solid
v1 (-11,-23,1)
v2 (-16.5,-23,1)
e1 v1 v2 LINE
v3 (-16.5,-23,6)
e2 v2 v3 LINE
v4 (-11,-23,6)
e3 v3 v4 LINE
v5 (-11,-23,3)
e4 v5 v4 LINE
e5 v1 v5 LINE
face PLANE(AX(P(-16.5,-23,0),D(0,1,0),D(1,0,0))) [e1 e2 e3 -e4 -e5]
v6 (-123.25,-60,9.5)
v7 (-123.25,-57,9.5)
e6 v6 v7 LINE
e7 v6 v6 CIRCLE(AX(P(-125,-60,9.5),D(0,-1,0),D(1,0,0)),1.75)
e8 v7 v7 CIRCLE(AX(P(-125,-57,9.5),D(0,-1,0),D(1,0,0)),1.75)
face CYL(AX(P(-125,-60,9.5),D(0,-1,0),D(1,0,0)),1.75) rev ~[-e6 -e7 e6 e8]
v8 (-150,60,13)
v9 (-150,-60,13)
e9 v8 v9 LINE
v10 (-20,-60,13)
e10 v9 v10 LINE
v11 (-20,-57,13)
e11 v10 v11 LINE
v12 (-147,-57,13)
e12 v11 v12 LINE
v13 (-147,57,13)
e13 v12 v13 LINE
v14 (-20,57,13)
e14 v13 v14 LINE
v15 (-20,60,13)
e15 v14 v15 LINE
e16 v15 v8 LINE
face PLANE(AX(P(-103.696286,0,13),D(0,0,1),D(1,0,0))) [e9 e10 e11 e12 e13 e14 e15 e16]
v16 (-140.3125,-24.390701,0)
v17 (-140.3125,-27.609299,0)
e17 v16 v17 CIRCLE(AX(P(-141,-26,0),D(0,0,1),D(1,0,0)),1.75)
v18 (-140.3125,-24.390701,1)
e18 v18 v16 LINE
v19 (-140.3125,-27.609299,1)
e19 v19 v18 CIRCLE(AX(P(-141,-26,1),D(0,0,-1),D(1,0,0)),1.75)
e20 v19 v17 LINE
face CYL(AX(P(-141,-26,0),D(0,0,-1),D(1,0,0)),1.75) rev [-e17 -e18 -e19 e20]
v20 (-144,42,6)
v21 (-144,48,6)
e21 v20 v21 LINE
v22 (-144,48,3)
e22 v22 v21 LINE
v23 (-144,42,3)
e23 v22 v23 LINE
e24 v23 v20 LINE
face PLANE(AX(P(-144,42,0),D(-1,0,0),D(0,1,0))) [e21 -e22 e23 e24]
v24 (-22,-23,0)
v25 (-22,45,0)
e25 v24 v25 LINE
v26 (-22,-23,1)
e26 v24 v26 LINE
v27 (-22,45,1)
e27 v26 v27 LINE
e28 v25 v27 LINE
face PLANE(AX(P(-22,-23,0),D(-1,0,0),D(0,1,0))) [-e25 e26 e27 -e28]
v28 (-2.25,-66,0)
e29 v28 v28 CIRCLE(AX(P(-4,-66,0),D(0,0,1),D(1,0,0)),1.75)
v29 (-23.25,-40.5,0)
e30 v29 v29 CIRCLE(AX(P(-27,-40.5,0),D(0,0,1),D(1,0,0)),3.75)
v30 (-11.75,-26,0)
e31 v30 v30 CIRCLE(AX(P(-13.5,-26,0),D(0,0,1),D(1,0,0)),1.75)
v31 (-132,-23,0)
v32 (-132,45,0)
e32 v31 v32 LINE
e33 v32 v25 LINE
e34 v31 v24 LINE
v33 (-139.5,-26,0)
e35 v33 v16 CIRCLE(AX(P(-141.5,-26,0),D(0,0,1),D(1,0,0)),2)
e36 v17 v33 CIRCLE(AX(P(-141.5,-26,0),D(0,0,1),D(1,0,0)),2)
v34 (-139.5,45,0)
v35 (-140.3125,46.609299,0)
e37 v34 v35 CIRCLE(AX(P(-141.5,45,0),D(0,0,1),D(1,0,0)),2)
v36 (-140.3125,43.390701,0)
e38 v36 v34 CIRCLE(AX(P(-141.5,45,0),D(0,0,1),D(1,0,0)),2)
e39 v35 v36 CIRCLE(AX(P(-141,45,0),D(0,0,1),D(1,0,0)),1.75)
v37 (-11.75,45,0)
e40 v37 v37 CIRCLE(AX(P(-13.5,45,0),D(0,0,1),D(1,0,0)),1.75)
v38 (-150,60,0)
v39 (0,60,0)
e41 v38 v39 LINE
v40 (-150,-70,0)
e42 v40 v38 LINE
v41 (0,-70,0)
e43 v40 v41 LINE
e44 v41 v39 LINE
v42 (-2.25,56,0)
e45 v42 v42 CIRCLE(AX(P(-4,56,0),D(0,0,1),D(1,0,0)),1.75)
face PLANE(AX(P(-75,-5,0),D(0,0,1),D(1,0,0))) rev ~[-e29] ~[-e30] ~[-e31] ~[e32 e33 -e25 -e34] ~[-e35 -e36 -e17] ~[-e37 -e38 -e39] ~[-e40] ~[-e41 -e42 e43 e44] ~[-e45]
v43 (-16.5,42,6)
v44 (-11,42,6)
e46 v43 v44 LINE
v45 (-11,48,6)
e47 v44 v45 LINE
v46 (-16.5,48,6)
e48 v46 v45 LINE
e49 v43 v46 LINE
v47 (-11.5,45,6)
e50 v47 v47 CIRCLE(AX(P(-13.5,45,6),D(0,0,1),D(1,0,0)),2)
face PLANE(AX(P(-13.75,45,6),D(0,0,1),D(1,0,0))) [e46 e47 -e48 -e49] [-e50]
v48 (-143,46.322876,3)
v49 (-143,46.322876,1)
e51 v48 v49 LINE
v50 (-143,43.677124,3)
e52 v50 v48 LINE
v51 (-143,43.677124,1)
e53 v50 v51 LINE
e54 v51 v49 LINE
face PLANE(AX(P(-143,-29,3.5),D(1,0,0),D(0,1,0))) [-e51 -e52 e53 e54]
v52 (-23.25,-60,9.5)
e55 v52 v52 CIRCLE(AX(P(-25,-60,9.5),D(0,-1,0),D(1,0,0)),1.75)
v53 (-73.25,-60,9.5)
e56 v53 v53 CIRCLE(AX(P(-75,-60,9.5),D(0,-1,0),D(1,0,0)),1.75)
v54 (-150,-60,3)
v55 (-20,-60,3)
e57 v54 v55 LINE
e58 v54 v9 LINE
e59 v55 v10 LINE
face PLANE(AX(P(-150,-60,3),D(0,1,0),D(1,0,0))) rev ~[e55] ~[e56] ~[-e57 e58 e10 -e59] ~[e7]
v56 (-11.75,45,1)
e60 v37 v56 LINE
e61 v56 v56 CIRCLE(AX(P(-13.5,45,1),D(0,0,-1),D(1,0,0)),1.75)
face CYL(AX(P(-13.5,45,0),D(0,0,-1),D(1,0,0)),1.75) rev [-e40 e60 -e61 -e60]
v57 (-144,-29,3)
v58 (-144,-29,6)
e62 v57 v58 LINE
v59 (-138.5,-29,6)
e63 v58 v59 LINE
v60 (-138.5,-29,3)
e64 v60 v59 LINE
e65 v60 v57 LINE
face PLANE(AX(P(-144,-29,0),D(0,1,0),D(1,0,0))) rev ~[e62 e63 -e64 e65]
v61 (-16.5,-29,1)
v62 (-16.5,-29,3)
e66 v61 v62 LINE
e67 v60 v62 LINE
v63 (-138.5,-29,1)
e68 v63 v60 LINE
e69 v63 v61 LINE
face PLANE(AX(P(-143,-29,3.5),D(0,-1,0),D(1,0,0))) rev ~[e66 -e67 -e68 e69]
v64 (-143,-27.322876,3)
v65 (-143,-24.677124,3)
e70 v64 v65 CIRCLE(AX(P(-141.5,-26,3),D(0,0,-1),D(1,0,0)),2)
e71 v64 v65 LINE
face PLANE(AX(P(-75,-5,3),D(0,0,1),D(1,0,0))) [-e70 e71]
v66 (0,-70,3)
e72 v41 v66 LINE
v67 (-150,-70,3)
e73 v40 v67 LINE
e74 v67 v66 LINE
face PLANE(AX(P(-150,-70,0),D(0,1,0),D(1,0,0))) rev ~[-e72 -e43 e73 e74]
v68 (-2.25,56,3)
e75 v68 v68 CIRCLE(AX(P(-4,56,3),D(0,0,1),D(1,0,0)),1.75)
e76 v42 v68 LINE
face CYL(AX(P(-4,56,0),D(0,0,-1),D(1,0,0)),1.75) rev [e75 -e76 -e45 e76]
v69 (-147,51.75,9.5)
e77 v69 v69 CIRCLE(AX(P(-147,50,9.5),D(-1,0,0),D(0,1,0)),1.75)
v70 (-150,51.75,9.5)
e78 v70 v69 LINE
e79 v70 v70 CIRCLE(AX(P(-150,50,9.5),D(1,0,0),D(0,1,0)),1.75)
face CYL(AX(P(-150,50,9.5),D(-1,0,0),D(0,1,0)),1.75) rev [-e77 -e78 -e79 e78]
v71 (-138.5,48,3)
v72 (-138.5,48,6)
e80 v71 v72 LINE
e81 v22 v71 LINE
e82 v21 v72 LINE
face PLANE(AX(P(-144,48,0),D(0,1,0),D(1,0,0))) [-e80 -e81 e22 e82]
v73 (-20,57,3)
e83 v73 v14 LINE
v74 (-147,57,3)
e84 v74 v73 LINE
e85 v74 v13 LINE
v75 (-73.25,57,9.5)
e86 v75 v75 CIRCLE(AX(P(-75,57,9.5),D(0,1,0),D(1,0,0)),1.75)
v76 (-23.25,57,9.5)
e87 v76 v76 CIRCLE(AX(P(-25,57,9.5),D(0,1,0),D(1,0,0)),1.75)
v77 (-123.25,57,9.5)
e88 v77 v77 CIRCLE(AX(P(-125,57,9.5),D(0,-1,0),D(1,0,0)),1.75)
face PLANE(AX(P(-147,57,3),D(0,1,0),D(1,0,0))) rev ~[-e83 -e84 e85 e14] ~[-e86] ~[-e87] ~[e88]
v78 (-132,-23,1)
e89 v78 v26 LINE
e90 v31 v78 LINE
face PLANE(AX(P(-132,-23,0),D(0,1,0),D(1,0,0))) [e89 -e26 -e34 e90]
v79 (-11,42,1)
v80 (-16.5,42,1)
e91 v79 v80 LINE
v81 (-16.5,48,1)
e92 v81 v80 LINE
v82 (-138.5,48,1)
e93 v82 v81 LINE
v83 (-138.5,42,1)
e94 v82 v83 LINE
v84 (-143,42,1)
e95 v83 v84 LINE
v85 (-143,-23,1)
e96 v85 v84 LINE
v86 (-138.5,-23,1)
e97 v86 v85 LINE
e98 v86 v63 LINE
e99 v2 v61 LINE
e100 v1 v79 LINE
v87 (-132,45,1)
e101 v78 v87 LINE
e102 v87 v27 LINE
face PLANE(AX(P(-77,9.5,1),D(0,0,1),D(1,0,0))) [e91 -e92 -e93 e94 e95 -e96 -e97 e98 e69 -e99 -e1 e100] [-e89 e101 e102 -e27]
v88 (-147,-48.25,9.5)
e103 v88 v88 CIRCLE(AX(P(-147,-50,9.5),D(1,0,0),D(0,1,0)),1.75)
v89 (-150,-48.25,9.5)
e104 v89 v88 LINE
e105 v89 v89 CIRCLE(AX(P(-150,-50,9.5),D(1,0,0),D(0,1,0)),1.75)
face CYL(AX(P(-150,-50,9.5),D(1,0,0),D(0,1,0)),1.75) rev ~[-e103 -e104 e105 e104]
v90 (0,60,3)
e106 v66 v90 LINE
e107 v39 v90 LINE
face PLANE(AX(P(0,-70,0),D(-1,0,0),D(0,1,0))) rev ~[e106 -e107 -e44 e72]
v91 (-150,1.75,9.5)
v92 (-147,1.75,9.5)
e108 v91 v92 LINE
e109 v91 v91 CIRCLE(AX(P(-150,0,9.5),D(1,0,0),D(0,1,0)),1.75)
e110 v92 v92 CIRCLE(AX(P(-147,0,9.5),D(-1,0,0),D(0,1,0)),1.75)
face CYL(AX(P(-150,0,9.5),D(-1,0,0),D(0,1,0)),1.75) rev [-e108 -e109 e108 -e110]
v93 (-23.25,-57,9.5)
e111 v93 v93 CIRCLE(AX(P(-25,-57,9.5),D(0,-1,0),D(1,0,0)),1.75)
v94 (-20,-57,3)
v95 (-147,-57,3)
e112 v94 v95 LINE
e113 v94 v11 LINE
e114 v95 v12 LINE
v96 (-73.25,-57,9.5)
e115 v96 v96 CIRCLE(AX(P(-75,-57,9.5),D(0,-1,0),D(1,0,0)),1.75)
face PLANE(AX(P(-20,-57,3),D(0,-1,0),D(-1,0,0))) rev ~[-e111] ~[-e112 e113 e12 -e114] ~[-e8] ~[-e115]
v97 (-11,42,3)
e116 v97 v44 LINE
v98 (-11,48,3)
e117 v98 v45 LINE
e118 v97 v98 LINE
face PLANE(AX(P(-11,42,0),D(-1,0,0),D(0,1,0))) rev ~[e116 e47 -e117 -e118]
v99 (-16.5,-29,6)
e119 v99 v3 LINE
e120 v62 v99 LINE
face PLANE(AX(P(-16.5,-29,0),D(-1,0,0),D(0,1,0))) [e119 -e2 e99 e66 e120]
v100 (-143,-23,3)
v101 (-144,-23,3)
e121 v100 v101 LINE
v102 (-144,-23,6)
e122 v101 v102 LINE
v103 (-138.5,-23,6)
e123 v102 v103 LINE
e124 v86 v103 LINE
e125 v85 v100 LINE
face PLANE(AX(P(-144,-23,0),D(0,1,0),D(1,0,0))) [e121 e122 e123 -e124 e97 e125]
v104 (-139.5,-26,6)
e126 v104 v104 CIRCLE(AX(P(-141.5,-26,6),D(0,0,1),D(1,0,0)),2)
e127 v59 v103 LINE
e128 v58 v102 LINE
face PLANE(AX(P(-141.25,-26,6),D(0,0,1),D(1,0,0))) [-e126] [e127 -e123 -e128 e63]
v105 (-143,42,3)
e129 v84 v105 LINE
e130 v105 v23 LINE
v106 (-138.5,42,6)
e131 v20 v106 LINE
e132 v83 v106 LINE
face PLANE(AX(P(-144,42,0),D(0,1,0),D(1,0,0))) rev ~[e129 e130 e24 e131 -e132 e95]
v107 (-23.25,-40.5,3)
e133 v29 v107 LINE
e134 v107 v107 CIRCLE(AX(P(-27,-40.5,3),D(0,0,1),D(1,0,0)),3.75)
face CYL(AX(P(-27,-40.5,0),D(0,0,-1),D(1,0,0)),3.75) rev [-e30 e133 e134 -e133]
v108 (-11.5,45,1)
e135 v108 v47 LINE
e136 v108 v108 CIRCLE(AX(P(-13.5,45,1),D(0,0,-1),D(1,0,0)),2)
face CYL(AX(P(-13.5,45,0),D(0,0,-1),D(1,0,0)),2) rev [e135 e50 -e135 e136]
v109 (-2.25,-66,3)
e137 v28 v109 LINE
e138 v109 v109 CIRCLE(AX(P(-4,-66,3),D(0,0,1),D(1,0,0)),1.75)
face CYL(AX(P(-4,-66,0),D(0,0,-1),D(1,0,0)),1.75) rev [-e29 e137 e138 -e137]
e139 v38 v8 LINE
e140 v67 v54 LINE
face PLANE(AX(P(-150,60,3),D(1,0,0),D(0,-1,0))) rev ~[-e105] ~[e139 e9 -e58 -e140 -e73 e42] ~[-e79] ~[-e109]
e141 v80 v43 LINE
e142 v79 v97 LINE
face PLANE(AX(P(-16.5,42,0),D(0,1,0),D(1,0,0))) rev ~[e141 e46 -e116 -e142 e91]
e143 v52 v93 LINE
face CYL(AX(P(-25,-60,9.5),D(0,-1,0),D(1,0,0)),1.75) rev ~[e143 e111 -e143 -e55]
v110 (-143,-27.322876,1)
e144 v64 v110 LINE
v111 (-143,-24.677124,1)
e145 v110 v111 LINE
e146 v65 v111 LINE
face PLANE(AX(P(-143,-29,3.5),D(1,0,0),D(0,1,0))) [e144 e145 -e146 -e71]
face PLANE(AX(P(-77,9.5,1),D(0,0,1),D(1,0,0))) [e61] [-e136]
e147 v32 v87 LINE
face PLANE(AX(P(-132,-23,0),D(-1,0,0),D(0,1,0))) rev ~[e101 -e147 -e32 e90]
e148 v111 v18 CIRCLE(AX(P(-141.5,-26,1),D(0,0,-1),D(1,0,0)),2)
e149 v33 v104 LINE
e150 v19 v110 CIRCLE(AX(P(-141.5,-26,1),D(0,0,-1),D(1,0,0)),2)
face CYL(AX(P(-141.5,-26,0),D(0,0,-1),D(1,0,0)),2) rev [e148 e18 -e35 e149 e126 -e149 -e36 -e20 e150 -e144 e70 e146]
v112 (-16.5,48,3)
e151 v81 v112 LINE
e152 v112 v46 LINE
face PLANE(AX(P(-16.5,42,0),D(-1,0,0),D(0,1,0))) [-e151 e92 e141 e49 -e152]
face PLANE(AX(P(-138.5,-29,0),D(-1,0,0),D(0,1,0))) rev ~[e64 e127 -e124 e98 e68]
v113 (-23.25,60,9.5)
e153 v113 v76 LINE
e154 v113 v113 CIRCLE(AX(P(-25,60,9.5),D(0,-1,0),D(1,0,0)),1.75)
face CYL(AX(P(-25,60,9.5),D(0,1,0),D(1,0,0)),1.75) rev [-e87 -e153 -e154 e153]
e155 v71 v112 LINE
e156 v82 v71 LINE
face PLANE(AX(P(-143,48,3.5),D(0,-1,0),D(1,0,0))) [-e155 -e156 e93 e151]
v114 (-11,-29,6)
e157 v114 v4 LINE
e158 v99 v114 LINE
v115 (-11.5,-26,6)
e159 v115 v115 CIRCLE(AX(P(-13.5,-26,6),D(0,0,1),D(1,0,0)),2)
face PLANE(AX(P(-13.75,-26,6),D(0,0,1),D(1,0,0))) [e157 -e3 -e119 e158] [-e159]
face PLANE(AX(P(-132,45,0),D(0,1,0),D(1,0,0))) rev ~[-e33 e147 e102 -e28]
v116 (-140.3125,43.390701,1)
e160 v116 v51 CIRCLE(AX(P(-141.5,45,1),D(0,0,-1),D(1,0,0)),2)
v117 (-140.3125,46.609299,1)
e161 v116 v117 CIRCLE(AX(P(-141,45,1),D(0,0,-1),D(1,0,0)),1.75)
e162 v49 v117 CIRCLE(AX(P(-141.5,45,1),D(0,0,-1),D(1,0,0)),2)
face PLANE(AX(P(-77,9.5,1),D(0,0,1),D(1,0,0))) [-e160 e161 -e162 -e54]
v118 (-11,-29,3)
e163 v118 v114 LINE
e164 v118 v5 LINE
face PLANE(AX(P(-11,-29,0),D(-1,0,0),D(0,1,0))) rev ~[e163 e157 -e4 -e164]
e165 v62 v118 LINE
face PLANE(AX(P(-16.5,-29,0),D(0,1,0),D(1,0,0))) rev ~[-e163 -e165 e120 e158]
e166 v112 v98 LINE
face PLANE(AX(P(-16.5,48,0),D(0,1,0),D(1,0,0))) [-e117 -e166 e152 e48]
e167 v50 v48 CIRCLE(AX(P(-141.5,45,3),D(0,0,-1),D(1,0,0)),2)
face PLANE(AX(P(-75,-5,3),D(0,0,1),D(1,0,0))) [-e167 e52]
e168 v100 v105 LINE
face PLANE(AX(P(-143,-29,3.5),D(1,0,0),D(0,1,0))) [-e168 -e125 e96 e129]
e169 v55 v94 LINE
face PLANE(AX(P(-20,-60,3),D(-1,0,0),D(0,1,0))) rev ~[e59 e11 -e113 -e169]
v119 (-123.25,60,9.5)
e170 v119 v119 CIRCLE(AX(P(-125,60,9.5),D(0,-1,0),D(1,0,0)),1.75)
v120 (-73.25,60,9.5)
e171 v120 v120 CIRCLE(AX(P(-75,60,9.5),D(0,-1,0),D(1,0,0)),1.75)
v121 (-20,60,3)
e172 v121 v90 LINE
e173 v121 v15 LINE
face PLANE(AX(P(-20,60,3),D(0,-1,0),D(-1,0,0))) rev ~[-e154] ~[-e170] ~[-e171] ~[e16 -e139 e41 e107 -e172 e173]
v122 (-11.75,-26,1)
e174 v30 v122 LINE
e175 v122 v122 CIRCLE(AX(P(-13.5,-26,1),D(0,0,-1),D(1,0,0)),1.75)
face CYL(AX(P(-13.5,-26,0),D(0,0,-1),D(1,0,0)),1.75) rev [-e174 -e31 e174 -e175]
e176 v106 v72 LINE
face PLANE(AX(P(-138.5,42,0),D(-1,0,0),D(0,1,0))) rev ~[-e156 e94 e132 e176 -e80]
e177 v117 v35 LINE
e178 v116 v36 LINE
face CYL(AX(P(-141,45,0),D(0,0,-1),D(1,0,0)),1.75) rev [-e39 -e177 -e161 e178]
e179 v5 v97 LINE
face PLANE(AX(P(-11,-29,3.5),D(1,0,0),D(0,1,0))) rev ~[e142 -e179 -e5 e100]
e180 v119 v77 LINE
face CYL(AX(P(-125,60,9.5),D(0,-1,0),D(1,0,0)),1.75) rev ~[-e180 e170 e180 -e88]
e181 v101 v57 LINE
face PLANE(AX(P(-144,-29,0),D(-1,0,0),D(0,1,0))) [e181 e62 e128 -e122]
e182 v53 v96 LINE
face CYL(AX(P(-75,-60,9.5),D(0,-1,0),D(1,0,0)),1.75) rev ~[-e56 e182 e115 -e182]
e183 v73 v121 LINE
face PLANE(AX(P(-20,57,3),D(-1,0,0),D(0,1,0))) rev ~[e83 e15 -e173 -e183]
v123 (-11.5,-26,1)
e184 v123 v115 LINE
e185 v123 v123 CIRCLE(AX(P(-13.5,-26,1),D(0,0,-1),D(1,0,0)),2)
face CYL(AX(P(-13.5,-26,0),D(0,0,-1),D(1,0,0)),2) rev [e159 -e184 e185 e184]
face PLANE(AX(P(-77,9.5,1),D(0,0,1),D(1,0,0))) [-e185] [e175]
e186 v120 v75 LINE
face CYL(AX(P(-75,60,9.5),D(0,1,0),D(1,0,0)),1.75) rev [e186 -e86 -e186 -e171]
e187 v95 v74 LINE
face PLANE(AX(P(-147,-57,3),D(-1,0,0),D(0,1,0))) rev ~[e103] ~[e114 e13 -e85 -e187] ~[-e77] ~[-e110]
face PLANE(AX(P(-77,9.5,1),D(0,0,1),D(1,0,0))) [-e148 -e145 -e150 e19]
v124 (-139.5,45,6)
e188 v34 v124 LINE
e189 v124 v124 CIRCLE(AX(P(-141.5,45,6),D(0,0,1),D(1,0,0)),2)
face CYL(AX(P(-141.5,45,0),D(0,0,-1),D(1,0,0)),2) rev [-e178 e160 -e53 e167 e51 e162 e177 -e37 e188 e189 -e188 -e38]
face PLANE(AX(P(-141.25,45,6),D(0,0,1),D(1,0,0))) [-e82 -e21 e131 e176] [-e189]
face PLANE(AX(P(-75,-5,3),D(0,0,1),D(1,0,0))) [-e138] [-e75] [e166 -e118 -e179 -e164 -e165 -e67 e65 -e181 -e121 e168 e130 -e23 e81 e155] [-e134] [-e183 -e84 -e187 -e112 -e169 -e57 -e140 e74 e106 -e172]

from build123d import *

# Parameters (mm, degrees)
SKETCH_W        = 150
SKETCH_H        = 130
SKETCH_R        = 3.75
SKETCH_R_2      = 1.75
SKETCH_W_2      = 110
SKETCH_H_2      = 68
PAD_DEPTH       = 3
SKETCH002_W     = 132
SKETCH002_H     = 77
POCKET001_DEPTH = 2.5
SKETCH007_W     = 5.5
SKETCH007_H     = 6
SKETCH007_R     = 2
PAD002_DEPTH    = 6
PAD003_DEPTH    = 10
SKETCH010_R     = 1.75
POCKET002_DEPTH = 6
SKETCH011_R     = 1.75
POCKET003_DEPTH = 7.5
SKETCH012_R     = 1.75
POCKET004_DEPTH = 7.5


with BuildPart() as part:
    # Sketch → Pad (new body)
    with BuildSketch(Plane.XY):
        with Locations((-75, -5)):
            Rectangle(SKETCH_W, SKETCH_H)
        with Locations((-27, -40.5)):
            Circle(SKETCH_R, mode=Mode.SUBTRACT)
        with Locations((-141, 45)):
            Circle(SKETCH_R_2, mode=Mode.SUBTRACT)
        with Locations((-141, -26)):
            Circle(SKETCH_R_2, mode=Mode.SUBTRACT)
        with Locations((-13.5, 45)):
            Circle(SKETCH_R_2, mode=Mode.SUBTRACT)
        with Locations((-13.5, -26)):
            Circle(SKETCH_R_2, mode=Mode.SUBTRACT)
        with Locations((-4, 56)):
            Circle(SKETCH_R_2, mode=Mode.SUBTRACT)
        with Locations((-4, -66)):
            Circle(SKETCH_R_2, mode=Mode.SUBTRACT)
        with Locations((-77, 11)):
            Rectangle(SKETCH_W_2, SKETCH_H_2, mode=Mode.SUBTRACT)
    extrude(amount=PAD_DEPTH)

    # Sketch002 → Pocket001 (cut)
    with BuildSketch(Plane.XY.offset(3.5)):
        with Locations((-77, 9.5)):
            Rectangle(SKETCH002_W, SKETCH002_H)
    extrude(amount=-POCKET001_DEPTH, mode=Mode.SUBTRACT)

    # Sketch007 → Pad002 (join)
    with BuildSketch(Plane.XY):
        with Locations((-141.25, 45)):
            Rectangle(SKETCH007_W, SKETCH007_H)
        with Locations((-141.5, 45)):
            Circle(SKETCH007_R, mode=Mode.SUBTRACT)
        with Locations((-13.75, 45)):
            Rectangle(SKETCH007_W, SKETCH007_H)
        with Locations((-13.5, 45)):
            Circle(SKETCH007_R, mode=Mode.SUBTRACT)
        with Locations((-13.75, -26)):
            Rectangle(SKETCH007_W, SKETCH007_H)
        with Locations((-13.5, -26)):
            Circle(SKETCH007_R, mode=Mode.SUBTRACT)
        with Locations((-141.25, -26)):
            Rectangle(SKETCH007_W, SKETCH007_H)
        with Locations((-141.5, -26)):
            Circle(SKETCH007_R, mode=Mode.SUBTRACT)
    extrude(amount=PAD002_DEPTH)

    # Sketch003 (on DatumPlane) → Pad003 (join)
    with BuildSketch(Plane.XY.offset(3)):
        Polygon((-20, 60), (-150, 60), (-150, -60), (-20, -60), (-20, -57), (-147, -57), (-147, 57), (-20, 57), align=None)
    extrude(amount=PAD003_DEPTH)

    # Sketch010 → Pocket002 (cut)
    with BuildSketch(Plane.XZ.offset(60)):
        with Locations((-125, 9.5)):
            Circle(SKETCH010_R)
        with Locations((-25, 9.5)):
            Circle(SKETCH010_R)
        with Locations((-75, 9.5)):
            Circle(SKETCH010_R)
    extrude(amount=-POCKET002_DEPTH, mode=Mode.SUBTRACT)

    # Sketch011 → Pocket003 (cut, symmetric)
    with BuildSketch(Plane.XZ.offset(-60)):
        with Locations((-75, 9.5)):
            Circle(SKETCH011_R)
        with Locations((-25, 9.5)):
            Circle(SKETCH011_R)
        with Locations((-125, 9.5)):
            Circle(SKETCH011_R)
    extrude(amount=POCKET003_DEPTH, both=True, mode=Mode.SUBTRACT)

    # Sketch012 (on DatumPlane) → Pocket004 (cut, symmetric)
    with BuildSketch(Plane.YZ.offset(-150)):
        with Locations((0, 9.5)):
            Circle(SKETCH012_R)
        with Locations((50, 9.5)):
            Circle(SKETCH012_R)
        with Locations((-50, 9.5)):
            Circle(SKETCH012_R)
    extrude(amount=POCKET004_DEPTH, both=True, mode=Mode.SUBTRACT)


solid = part.part
